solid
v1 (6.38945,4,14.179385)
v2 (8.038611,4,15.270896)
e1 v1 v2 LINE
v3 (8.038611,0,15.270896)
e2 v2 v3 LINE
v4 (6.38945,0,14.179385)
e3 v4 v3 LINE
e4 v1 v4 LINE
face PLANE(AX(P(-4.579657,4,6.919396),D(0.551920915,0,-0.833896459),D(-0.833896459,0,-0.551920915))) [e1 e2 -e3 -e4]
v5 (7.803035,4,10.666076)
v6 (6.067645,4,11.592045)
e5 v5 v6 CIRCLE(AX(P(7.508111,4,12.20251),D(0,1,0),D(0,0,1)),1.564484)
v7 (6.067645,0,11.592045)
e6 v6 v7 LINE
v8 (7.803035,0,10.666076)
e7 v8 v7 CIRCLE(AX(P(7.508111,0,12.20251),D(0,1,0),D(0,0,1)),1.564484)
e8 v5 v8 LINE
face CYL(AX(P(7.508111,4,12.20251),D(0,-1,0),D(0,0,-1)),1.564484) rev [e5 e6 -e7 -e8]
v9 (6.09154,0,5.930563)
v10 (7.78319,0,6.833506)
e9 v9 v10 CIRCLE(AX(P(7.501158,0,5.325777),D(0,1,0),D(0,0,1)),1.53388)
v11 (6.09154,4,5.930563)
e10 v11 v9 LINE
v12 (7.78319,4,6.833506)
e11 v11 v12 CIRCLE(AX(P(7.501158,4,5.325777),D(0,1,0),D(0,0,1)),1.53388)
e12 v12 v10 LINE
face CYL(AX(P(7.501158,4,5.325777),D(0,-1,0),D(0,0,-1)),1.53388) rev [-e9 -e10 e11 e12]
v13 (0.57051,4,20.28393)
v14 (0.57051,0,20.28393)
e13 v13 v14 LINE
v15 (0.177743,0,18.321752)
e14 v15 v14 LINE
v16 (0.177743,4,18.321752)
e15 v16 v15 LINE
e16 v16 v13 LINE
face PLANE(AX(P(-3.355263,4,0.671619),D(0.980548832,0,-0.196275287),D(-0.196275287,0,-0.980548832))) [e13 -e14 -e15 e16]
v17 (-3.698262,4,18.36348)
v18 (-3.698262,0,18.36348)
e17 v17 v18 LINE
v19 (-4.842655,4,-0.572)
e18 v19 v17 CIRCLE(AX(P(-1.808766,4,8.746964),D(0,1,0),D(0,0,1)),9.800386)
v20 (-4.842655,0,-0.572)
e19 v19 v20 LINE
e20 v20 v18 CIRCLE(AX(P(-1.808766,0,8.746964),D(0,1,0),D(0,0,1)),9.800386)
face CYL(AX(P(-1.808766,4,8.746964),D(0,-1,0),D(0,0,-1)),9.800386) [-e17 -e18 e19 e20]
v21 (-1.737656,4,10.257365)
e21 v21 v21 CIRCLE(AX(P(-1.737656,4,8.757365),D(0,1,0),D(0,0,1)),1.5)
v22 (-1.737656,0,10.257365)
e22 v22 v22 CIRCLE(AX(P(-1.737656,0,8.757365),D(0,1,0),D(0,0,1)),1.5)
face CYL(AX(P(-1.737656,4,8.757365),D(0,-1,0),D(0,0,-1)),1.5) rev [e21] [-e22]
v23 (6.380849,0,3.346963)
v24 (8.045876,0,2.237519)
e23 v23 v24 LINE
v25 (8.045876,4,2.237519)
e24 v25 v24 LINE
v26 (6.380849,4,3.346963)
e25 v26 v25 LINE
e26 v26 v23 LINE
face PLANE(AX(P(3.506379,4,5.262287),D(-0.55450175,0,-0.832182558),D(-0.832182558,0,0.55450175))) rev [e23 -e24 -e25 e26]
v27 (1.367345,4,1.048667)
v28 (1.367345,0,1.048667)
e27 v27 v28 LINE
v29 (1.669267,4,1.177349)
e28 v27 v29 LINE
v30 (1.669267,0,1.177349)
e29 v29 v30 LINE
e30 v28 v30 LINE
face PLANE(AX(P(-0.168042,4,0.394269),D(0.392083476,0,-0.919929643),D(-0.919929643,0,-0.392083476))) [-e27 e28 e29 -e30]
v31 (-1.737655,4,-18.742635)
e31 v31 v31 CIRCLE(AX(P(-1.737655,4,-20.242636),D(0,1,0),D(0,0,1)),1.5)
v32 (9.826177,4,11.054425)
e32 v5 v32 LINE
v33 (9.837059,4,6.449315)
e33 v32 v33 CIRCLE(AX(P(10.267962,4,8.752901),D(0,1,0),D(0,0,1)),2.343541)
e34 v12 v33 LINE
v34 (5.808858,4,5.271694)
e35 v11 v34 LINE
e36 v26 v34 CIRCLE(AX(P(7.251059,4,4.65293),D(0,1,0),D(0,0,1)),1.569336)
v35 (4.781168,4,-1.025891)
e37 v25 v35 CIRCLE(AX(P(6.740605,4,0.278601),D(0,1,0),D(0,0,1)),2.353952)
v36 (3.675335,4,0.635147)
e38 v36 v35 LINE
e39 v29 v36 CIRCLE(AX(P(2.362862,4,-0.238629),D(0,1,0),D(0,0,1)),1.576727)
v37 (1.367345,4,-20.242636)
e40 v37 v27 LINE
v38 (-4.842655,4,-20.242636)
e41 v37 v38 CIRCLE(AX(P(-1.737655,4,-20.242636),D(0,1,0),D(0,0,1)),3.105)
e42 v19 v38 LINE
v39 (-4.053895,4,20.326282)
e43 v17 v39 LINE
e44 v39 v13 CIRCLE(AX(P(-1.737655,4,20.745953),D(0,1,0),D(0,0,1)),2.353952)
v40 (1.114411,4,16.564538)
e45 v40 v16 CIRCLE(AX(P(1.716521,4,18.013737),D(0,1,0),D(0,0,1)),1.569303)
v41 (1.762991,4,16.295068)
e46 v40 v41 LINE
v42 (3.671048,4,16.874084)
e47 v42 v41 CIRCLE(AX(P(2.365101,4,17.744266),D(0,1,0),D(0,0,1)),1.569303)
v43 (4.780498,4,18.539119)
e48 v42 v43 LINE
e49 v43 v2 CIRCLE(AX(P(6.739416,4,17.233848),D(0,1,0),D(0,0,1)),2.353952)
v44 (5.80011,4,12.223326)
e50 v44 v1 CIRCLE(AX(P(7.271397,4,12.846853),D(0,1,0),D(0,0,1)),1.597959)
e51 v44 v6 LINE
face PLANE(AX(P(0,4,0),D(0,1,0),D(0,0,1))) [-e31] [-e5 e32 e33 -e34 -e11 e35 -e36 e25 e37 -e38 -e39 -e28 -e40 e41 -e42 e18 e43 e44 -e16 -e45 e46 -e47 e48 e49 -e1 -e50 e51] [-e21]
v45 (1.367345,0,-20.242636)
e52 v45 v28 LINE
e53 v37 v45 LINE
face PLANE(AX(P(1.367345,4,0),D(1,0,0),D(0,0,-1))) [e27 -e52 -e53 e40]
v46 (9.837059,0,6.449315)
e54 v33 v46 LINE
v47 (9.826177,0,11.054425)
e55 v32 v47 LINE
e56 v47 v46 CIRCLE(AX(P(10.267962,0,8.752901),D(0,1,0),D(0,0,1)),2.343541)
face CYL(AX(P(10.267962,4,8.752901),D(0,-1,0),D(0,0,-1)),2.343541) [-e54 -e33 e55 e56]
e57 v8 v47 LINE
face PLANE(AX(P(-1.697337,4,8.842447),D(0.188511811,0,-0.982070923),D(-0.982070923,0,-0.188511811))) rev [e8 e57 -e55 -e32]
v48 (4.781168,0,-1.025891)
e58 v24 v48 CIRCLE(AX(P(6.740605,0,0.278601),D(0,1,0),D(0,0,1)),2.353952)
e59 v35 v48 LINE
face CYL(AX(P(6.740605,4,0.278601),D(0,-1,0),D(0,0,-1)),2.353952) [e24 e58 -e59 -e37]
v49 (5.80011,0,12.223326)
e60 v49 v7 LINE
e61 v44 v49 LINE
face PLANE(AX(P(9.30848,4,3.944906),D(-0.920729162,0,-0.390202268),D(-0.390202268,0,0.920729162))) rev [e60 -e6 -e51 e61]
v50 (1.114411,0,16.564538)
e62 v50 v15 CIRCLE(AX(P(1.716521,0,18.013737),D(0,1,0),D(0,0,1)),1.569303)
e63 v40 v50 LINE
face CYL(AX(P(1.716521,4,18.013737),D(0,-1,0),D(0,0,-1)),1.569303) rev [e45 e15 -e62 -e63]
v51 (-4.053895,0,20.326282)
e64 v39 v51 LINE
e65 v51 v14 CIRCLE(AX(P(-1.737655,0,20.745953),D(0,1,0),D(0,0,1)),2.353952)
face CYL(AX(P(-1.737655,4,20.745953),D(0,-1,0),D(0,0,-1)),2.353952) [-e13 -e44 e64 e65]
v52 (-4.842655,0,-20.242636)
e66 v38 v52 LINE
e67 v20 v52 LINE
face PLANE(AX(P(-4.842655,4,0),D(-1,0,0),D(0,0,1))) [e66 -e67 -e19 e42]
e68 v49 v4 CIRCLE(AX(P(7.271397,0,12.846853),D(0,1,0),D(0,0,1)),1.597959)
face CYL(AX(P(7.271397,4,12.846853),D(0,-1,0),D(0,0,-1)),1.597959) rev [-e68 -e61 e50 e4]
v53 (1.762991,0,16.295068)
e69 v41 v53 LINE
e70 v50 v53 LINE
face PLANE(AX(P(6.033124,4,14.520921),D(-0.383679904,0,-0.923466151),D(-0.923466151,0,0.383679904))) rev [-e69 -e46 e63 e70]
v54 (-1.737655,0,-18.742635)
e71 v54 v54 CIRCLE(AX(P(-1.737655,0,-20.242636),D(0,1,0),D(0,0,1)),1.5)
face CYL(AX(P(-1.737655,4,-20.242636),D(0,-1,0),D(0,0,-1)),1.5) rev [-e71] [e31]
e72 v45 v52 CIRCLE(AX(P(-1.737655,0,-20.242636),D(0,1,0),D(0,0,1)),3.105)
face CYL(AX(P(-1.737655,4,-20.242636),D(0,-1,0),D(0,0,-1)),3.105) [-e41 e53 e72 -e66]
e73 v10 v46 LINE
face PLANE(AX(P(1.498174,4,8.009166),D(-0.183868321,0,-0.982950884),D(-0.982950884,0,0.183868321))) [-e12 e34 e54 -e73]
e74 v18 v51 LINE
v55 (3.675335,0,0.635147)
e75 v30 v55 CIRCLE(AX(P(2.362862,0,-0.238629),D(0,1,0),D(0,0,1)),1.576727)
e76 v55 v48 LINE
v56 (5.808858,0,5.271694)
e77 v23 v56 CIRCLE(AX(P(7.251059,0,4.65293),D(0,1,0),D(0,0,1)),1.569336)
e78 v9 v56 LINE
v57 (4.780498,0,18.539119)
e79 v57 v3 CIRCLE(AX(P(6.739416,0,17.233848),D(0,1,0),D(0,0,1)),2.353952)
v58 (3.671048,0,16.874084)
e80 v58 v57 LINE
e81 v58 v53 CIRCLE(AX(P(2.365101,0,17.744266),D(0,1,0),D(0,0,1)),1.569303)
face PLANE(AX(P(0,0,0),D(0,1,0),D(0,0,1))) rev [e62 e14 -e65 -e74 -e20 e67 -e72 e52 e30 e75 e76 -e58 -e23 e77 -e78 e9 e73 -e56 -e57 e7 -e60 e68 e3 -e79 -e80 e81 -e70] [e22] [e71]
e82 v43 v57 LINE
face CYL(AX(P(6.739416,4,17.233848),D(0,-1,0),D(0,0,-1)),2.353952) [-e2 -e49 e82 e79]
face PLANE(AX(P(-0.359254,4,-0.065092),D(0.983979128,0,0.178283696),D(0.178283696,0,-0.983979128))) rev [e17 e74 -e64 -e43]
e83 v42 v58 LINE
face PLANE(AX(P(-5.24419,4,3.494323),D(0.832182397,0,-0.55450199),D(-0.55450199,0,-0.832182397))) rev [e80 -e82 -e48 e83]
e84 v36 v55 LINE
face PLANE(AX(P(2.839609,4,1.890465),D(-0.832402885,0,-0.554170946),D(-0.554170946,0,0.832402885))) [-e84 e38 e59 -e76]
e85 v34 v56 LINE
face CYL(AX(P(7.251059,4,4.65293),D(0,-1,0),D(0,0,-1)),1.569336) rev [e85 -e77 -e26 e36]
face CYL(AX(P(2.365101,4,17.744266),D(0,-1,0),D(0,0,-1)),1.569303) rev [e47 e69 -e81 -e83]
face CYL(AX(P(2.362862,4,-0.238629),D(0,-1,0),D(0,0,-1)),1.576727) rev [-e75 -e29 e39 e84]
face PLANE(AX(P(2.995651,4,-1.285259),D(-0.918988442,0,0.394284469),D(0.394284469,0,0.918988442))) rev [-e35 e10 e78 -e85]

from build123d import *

# Parameters (mm, degrees)
CROQUIS1_R              = 1.500000449
CROQUIS1_R_2            = 1.500000067
SALIENTE_EXTRUIR1_DEPTH = 4


with BuildPart() as part:
    # Croquis1 → Saliente-Extruir1 (new body)
    with BuildSketch(Plane(origin=(0, 0, 0), x_dir=(1, 0, 0), z_dir=(0, 1, 0))):
        with BuildLine():
            Line((7.803034841, -10.666075678), (9.826177161, -11.05442464))
            ThreePointArc((9.826177161, -11.05442464), (12.611497219, -8.758438746), (9.837059372, -6.449314739))
            Line((9.837059372, -6.449314739), (7.783190104, -6.83350636))
            ThreePointArc((7.783190104, -6.83350636), (6.778877321, -6.678958506), (6.091539896, -5.930562574))
            Line((6.091539896, -5.930562574), (5.8088579, -5.271694401))
            ThreePointArc((5.8088579, -5.271694401), (5.746747512, -4.205872048), (6.380859817, -3.346956119))
            Line((6.380859817, -3.346956119), (8.045875641, -2.237519038))
            ThreePointArc((8.045875641, -2.237519038), (8.404769789, 1.386225416), (4.781168268, 1.025891001))
            Line((4.781168268, 1.025891001), (3.675334506, -0.635147383))
            ThreePointArc((3.675334506, -0.635147383), (2.774259756, -1.283481634), (1.669267023, -1.177349334))
            Line((1.669267023, -1.177349334), (1.3673448, -1.048666977))
            Line((1.3673448, -1.048666977), (1.3673448, 20.24263647))
            ThreePointArc((1.3673448, 20.24263647), (-1.737654981, 23.347636251), (-4.842654762, 20.24263647))
            Line((-4.842654762, 20.24263647), (-4.842654762, 0.571999527))
            ThreePointArc((-4.842654762, 0.571999527), (-11.591302814, -9.338185795), (-3.698262021, -18.363479735))
            Line((-3.698262021, -18.363479735), (-4.053895188, -20.326281833))
            ThreePointArc((-4.053895188, -20.326281833), (-1.716098294, -23.09980655), (0.570509604, -20.283930489))
            Line((0.570509604, -20.283930489), (0.177742699, -18.321752082))
            ThreePointArc((0.177742699, -18.321752082), (0.331674177, -17.275555509), (1.114410942, -16.564538403))
            Line((1.114410942, -16.564538403), (1.762991063, -16.295067607))
            ThreePointArc((1.762991063, -16.295067607), (2.82080022, -16.242583246), (3.671047948, -16.874084331))
            Line((3.671047948, -16.874084331), (4.780498307, -18.539119038))
            ThreePointArc((4.780498307, -18.539119038), (8.406487962, -18.895762792), (8.038611241, -15.270895558))
            Line((8.038611241, -15.270895558), (6.389450023, -14.179385265))
            ThreePointArc((6.389450023, -14.179385265), (5.741374186, -13.307833185), (5.800109712, -12.223326174))
            Line((5.800109712, -12.223326174), (6.067644855, -11.592044841))
            ThreePointArc((6.067644855, -11.592044841), (6.771618308, -10.822224208), (7.803034841, -10.666075678))
        make_face()
        with Locations((-1.73765539, 20.242635654)):
            Circle(CROQUIS1_R, mode=Mode.SUBTRACT)
        with Locations((-1.737655616, -8.757364808)):
            Circle(CROQUIS1_R_2, mode=Mode.SUBTRACT)
    extrude(amount=SALIENTE_EXTRUIR1_DEPTH)


solid = part.part
